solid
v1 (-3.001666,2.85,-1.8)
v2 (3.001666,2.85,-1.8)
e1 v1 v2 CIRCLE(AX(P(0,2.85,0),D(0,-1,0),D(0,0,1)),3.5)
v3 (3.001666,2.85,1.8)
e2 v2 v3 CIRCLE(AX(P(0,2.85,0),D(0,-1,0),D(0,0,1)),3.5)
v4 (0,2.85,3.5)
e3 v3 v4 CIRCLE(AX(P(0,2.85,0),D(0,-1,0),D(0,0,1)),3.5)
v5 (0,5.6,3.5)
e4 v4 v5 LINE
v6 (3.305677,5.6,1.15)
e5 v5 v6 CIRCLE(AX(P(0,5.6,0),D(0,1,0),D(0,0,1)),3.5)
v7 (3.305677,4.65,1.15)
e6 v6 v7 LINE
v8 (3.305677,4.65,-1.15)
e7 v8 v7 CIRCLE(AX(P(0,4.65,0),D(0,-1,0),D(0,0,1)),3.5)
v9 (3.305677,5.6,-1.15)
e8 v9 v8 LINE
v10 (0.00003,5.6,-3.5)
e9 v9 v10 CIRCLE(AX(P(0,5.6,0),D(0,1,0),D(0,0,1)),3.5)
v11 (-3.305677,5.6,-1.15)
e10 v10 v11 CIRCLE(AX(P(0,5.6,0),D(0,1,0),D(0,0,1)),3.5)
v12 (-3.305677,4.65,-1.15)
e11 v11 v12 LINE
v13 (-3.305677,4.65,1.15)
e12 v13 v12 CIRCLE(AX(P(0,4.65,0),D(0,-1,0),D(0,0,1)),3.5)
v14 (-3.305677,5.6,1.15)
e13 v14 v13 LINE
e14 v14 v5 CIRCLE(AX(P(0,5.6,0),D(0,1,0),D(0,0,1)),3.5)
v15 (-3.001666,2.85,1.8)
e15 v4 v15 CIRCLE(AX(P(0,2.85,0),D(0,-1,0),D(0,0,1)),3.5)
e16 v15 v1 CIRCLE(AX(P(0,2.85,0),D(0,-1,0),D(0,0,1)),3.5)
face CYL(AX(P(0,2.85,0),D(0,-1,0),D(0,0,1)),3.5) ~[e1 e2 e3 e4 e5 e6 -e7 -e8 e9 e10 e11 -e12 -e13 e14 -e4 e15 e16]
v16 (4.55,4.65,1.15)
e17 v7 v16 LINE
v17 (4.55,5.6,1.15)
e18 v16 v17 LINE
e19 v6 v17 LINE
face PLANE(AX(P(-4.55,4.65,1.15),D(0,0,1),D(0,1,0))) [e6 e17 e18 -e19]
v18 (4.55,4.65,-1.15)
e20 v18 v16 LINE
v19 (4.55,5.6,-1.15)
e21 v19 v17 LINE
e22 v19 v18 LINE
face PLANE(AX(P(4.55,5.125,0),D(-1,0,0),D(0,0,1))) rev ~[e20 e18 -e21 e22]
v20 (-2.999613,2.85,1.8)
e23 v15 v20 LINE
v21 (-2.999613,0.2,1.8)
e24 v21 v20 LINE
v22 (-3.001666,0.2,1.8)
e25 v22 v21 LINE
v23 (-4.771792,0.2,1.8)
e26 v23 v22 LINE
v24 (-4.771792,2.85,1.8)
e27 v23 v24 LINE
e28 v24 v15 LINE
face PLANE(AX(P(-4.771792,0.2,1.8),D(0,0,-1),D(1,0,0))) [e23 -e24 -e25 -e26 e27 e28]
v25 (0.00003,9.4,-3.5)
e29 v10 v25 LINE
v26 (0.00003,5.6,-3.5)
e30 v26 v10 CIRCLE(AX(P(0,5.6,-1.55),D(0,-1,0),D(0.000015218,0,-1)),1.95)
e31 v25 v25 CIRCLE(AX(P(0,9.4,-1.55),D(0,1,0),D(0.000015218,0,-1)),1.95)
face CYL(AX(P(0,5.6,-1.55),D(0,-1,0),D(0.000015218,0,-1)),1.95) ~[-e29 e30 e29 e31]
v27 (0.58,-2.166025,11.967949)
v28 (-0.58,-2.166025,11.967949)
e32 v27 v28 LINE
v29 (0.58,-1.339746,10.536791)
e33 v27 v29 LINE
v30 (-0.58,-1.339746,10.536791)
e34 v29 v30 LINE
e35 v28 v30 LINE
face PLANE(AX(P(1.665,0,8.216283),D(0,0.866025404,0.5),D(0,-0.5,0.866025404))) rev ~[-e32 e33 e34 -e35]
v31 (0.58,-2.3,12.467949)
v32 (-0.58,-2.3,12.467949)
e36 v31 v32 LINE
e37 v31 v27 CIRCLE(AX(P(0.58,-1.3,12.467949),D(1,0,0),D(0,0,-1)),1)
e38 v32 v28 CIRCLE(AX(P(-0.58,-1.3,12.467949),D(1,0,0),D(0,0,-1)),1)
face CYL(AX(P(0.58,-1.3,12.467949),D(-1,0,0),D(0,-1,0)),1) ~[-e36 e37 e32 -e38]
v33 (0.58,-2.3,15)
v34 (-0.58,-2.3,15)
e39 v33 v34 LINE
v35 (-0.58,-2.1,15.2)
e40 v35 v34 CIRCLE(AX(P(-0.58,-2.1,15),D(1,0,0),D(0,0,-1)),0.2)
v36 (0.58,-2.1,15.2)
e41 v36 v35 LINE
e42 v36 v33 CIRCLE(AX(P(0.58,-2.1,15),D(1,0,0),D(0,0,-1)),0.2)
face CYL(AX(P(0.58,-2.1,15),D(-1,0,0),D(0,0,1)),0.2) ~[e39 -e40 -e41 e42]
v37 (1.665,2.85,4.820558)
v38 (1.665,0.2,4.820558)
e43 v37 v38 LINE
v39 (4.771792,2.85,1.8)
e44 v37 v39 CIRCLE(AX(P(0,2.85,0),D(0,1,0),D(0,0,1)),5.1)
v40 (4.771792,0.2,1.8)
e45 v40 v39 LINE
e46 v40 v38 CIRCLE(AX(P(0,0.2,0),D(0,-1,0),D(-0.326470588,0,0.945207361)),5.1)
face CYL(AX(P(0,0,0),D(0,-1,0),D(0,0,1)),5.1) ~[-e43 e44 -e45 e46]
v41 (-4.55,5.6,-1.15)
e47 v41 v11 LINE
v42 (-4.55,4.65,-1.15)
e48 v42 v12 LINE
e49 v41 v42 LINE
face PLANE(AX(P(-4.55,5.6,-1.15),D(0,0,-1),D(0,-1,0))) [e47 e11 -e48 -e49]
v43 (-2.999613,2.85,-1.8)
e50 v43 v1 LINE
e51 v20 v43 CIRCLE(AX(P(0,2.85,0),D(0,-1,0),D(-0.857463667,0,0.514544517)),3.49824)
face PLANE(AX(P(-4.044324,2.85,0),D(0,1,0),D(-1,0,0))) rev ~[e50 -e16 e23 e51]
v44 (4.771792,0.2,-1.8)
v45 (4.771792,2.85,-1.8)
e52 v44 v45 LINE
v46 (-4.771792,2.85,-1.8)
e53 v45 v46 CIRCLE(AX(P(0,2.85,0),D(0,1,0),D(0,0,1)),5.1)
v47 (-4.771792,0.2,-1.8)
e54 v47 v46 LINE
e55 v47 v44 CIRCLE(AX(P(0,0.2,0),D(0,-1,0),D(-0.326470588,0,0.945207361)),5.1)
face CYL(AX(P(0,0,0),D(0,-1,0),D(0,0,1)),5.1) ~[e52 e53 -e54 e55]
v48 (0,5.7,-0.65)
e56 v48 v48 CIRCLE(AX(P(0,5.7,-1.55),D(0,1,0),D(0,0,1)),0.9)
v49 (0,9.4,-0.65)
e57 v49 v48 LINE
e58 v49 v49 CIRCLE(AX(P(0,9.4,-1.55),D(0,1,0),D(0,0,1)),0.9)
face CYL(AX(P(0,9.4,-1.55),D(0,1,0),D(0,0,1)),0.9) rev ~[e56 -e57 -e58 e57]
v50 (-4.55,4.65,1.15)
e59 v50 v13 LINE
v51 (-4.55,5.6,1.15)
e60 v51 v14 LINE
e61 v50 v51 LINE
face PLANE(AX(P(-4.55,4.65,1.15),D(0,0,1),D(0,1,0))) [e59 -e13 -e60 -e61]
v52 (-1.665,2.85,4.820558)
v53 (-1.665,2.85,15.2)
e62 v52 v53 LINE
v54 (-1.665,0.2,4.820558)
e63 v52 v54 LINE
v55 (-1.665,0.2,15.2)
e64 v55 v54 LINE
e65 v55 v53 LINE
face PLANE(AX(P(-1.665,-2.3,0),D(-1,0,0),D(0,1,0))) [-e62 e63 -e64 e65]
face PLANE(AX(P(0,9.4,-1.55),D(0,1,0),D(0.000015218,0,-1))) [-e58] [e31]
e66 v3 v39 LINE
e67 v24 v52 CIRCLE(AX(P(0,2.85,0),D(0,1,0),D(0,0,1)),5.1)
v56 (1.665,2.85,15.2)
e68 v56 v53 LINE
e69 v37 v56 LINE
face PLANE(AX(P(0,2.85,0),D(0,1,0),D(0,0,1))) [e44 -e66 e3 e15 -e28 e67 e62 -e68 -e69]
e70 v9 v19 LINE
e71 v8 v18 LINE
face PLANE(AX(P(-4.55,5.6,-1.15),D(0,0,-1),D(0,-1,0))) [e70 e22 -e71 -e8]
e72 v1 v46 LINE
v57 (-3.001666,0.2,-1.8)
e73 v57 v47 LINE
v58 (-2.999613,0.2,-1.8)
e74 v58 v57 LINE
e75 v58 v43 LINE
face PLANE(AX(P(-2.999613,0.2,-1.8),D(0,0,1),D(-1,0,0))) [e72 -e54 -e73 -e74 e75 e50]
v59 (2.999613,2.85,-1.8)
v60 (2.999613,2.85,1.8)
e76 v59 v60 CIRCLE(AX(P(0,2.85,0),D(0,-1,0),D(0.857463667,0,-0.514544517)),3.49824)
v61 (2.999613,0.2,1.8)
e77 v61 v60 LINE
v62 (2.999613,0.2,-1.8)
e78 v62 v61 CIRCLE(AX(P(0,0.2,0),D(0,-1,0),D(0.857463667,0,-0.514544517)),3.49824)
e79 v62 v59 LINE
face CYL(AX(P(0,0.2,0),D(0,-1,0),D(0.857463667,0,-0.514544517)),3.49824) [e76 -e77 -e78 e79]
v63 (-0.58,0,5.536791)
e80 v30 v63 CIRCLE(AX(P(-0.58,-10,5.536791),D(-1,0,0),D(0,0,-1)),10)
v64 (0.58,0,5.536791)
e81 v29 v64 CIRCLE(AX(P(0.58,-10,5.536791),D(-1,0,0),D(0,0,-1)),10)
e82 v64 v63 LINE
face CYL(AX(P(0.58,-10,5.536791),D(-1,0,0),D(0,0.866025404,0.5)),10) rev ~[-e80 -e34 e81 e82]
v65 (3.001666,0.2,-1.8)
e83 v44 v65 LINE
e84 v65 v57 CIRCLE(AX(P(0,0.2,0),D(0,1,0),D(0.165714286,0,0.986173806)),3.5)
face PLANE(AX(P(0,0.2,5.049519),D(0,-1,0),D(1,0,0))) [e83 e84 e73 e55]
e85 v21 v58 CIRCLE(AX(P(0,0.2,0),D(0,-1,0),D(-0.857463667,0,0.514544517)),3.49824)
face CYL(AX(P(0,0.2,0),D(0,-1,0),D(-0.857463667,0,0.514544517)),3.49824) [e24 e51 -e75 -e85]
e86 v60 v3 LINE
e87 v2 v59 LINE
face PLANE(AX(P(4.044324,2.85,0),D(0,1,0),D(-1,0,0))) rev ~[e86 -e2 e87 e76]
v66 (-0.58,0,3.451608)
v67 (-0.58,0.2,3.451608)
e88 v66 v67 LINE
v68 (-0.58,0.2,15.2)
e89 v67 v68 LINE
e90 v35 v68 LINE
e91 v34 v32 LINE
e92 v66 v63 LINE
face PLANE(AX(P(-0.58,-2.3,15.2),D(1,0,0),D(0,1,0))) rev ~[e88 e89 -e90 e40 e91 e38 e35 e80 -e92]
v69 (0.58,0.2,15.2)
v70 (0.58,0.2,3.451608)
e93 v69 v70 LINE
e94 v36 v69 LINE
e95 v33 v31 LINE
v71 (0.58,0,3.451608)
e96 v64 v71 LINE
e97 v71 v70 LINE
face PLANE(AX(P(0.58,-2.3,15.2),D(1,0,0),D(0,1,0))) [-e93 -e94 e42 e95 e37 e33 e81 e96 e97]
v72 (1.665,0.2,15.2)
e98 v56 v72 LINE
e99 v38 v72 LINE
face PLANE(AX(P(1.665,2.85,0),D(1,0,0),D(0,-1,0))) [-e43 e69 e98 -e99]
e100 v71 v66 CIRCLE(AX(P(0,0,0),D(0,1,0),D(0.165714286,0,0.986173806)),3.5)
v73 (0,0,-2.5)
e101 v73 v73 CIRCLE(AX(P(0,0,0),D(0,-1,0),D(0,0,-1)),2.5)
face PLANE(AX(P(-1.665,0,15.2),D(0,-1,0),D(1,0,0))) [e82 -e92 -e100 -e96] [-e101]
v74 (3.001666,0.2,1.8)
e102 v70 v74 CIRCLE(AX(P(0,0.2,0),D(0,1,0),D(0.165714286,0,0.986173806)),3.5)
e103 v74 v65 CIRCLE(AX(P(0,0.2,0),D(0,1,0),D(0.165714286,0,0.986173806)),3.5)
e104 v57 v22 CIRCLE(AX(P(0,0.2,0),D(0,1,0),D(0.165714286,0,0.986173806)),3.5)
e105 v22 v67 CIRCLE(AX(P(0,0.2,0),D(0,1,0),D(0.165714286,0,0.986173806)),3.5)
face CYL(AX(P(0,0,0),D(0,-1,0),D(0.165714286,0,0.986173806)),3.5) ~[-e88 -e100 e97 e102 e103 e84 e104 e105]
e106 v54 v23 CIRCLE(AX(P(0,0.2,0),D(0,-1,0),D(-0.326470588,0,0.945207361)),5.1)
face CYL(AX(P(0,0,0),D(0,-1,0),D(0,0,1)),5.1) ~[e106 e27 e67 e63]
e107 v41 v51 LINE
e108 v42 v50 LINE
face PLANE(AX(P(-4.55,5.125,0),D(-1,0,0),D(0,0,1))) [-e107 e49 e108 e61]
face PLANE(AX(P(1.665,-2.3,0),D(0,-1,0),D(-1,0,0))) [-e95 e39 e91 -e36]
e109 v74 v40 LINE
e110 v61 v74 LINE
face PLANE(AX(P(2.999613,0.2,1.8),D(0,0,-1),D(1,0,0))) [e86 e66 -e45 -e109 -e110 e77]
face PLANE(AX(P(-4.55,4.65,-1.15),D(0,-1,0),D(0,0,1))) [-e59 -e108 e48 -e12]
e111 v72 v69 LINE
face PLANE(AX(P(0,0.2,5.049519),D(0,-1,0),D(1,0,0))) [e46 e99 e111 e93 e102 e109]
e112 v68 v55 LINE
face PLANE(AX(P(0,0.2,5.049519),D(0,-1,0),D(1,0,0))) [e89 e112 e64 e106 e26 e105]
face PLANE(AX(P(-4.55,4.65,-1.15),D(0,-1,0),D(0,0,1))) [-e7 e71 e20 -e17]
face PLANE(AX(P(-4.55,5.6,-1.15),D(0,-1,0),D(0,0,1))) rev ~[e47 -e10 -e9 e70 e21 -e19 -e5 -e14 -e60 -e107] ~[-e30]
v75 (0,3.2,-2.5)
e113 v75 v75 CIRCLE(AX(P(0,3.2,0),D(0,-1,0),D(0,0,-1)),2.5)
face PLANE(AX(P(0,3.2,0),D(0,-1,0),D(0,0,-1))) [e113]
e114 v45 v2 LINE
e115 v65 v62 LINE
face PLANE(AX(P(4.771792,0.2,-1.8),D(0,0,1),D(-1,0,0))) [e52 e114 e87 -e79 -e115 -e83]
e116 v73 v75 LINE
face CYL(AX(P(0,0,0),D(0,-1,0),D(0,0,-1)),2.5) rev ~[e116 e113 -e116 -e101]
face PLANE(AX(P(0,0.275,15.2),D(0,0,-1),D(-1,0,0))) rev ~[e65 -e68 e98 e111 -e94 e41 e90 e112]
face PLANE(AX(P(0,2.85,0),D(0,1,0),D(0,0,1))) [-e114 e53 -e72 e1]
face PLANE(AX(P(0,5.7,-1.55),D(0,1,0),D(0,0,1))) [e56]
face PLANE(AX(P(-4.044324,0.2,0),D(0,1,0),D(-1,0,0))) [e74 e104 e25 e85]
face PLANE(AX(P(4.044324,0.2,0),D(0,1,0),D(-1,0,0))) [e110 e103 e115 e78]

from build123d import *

# Parameters (mm, degrees)
CROQUIS1_R                   = 5.1
SALIENTE_EXTRUIR2_DEPTH      = 2.85
CROQUIS4_R                   = 3.5
SALIENTE_EXTRUIR3_DEPTH      = 2.75
CROQUIS5_R                   = 1.95
SALIENTE_EXTRUIR4_DEPTH      = 3.8
SALIENTE_EXTRUIR5_DEPTH      = 15.2
CORTAR_EXTRUIR4_REACH        = 21.109
CROQUIS8_W                   = 1.085
CROQUIS8_H                   = 2.3
CORTAR_EXTRUIR6_DEPTH        = 10.2
REDONDEO1_R                  = 1
REDONDEO2_R                  = 10
CORTAR_EXTRUIR7_DEPTH        = 0.2
CROQUIS13_R                  = 2.5
CORTAR_EXTRUIR8_DEPTH        = 3.2
CROQUIS14_R                  = 0.9
CORTAR_EXTRUIR9_DEPTH        = 3.7
CORTAR_EXTRUIR10_DEPTH       = 2.65
REDONDEO3_R                  = 0.2
SALIENTE_EXTRUIR6_DEPTH      = 4.55
SALIENTE_EXTRUIR6_DEPTH_BACK = 4.55


with BuildPart() as part:
    # Croquis1 → Saliente-Extruir2 (new body)
    with BuildSketch(Plane(origin=(0, 0, 0), x_dir=(1, 0, 0), z_dir=(0, 1, 0))):
        with Locations(Location((0, 0, 0), (0, 0, 270))):
            Circle(CROQUIS1_R)
    extrude(amount=SALIENTE_EXTRUIR2_DEPTH)

    # Croquis4 → Saliente-Extruir3 (add)
    with BuildSketch(Plane(origin=(0, 2.85, 0), x_dir=(1, 0, 0), z_dir=(0, 1, 0))):
        with Locations(Location((0, 0, 0), (0, 0, 270))):
            Circle(CROQUIS4_R)
    extrude(amount=SALIENTE_EXTRUIR3_DEPTH)

    # Croquis5 → Saliente-Extruir4 (add)
    with BuildSketch(Plane(origin=(0, 5.6, 0), x_dir=(1, 0, 0), z_dir=(0, 1, 0))):
        with Locations(Location((0, 1.55, 0), (0, 0, 89.999128056))):
            Circle(CROQUIS5_R)
    extrude(amount=SALIENTE_EXTRUIR4_DEPTH)

    # Croquis7 → Saliente-Extruir5 (add)
    with BuildSketch(Plane.XY):
        Polygon((0, 2.85), (1.665, 2.85), (1.665, -2.3), (-1.665, -2.3), (-1.665, 2.85), align=None)
    extrude(amount=SALIENTE_EXTRUIR5_DEPTH)

    # Croquis11 → Cortar-Extruir4 (cut, up to next)
    with BuildSketch(Plane(origin=(1.665, 0, 0), x_dir=(0, 0, -1), z_dir=(1, 0, 0)), mode=Mode.PRIVATE) as cortar_extruir4_sk1:
        Polygon((-0.217533037, -2.3), (0, -2.3), (0, 0), (-4.82055754, 0), (-8.216283143, 0), (-12.2, -2.3), align=None)
    cortar_extruir4_tool1 = extrude(cortar_extruir4_sk1.sketch, amount=-CORTAR_EXTRUIR4_REACH, mode=Mode.PRIVATE) & part.part
    add(cortar_extruir4_tool1.solids().sort_by_distance((1.665, -1.224798, 5.168848))[0], mode=Mode.SUBTRACT)

    # Croquis8 → Cortar-Extruir6 (cut)
    with BuildSketch(Plane.XY.offset(15.2)):
        with Locations((-1.1225, -1.15)):
            Rectangle(CROQUIS8_W, CROQUIS8_H)
        with Locations((1.1225, -1.15)):
            Rectangle(CROQUIS8_W, CROQUIS8_H)
    extrude(amount=-CORTAR_EXTRUIR6_DEPTH, mode=Mode.SUBTRACT)

    # Redondeo1
    redondeo1_edges = [part.edges().sort_by_distance(p)[0] for p in [
        (0, -2.3, 12.2),
    ]]
    fillet(redondeo1_edges, radius=REDONDEO1_R)

    # Redondeo2
    redondeo2_edges = [part.edges().sort_by_distance(p)[0] for p in [
        (0, 0, 8.216283143),
    ]]
    fillet(redondeo2_edges, radius=REDONDEO2_R)

    # Croquis12 → Cortar-Extruir7 (cut)
    with BuildSketch(Plane.XZ):
        with BuildLine():
            Line((-0.58, 15.2), (-1.665, 15.2))
            Line((-1.665, 15.2), (-1.665, 4.82055754))
            ThreePointArc((-1.665, 4.82055754), (0, -5.1), (1.665, 4.82055754))
            Line((1.665, 4.82055754), (1.665, 15.2))
            Line((1.665, 15.2), (0.58, 15.2))
            Line((0.58, 15.2), (0.58, 5.536791218))
            Line((0.58, 5.536791218), (0.58, 3.451608321))
            ThreePointArc((0.58, 3.451608321), (0, -3.5), (-0.58, 3.451608321))
            Line((-0.58, 3.451608321), (-0.58, 5.536791218))
            Line((-0.58, 5.536791218), (-0.58, 15.2))
        make_face()
    extrude(amount=-CORTAR_EXTRUIR7_DEPTH, mode=Mode.SUBTRACT)

    # Croquis13 → Cortar-Extruir8 (cut)
    with BuildSketch(Plane.XZ):
        with Locations(Location((0, 0, 0), (0, 0, 270))):
            Circle(CROQUIS13_R)
    extrude(amount=-CORTAR_EXTRUIR8_DEPTH, mode=Mode.SUBTRACT)

    # Croquis14 → Cortar-Extruir9 (cut)
    with BuildSketch(Plane(origin=(0, 9.4, 0), x_dir=(1, 0, 0), z_dir=(0, 1, 0))):
        with Locations(Location((0, 1.55, 0), (0, 0, 270))):
            Circle(CROQUIS14_R)
    extrude(amount=-CORTAR_EXTRUIR9_DEPTH, mode=Mode.SUBTRACT)

    # Croquis15 → Cortar-Extruir10 (cut)
    with BuildSketch(Plane.XZ.offset(-0.2)):
        with BuildLine():
            Line((-4.771792116, 1.8), (-2.999613342, 1.8))
            ThreePointArc((-2.999613342, 1.8), (-3.498239586, 0), (-2.999613342, -1.8))
            Line((-2.999613342, -1.8), (-4.771792116, -1.8))
            ThreePointArc((-4.771792116, -1.8), (-5.1, 0), (-4.771792116, 1.8))
        make_face()
        with BuildLine():
            Line((4.771792116, -1.8), (2.999613342, -1.8))
            ThreePointArc((2.999613342, -1.8), (3.498239586, 0), (2.999613342, 1.8))
            Line((2.999613342, 1.8), (4.771792116, 1.8))
            ThreePointArc((4.771792116, 1.8), (5.1, 0), (4.771792116, -1.8))
        make_face()
    extrude(amount=-CORTAR_EXTRUIR10_DEPTH, mode=Mode.SUBTRACT)

    # Redondeo3
    redondeo3_edges = [part.edges().sort_by_distance(p)[0] for p in [
        (0, -2.3, 15.2),
    ]]
    fillet(redondeo3_edges, radius=REDONDEO3_R)

    # Croquis16 → Saliente-Extruir6 (add, two sides: drawn at the far end of the back side and taken through both)
    with BuildSketch(Plane(origin=(0, 0, 0), x_dir=(0, 0, -1), z_dir=(1, 0, 0)).offset(-SALIENTE_EXTRUIR6_DEPTH_BACK)):
        Polygon((0, 5.6), (1.15, 5.6), (1.15, 4.65), (-1.15, 4.65), (-1.15, 5.6), align=None)
    extrude(amount=SALIENTE_EXTRUIR6_DEPTH + SALIENTE_EXTRUIR6_DEPTH_BACK)


solid = part.part
